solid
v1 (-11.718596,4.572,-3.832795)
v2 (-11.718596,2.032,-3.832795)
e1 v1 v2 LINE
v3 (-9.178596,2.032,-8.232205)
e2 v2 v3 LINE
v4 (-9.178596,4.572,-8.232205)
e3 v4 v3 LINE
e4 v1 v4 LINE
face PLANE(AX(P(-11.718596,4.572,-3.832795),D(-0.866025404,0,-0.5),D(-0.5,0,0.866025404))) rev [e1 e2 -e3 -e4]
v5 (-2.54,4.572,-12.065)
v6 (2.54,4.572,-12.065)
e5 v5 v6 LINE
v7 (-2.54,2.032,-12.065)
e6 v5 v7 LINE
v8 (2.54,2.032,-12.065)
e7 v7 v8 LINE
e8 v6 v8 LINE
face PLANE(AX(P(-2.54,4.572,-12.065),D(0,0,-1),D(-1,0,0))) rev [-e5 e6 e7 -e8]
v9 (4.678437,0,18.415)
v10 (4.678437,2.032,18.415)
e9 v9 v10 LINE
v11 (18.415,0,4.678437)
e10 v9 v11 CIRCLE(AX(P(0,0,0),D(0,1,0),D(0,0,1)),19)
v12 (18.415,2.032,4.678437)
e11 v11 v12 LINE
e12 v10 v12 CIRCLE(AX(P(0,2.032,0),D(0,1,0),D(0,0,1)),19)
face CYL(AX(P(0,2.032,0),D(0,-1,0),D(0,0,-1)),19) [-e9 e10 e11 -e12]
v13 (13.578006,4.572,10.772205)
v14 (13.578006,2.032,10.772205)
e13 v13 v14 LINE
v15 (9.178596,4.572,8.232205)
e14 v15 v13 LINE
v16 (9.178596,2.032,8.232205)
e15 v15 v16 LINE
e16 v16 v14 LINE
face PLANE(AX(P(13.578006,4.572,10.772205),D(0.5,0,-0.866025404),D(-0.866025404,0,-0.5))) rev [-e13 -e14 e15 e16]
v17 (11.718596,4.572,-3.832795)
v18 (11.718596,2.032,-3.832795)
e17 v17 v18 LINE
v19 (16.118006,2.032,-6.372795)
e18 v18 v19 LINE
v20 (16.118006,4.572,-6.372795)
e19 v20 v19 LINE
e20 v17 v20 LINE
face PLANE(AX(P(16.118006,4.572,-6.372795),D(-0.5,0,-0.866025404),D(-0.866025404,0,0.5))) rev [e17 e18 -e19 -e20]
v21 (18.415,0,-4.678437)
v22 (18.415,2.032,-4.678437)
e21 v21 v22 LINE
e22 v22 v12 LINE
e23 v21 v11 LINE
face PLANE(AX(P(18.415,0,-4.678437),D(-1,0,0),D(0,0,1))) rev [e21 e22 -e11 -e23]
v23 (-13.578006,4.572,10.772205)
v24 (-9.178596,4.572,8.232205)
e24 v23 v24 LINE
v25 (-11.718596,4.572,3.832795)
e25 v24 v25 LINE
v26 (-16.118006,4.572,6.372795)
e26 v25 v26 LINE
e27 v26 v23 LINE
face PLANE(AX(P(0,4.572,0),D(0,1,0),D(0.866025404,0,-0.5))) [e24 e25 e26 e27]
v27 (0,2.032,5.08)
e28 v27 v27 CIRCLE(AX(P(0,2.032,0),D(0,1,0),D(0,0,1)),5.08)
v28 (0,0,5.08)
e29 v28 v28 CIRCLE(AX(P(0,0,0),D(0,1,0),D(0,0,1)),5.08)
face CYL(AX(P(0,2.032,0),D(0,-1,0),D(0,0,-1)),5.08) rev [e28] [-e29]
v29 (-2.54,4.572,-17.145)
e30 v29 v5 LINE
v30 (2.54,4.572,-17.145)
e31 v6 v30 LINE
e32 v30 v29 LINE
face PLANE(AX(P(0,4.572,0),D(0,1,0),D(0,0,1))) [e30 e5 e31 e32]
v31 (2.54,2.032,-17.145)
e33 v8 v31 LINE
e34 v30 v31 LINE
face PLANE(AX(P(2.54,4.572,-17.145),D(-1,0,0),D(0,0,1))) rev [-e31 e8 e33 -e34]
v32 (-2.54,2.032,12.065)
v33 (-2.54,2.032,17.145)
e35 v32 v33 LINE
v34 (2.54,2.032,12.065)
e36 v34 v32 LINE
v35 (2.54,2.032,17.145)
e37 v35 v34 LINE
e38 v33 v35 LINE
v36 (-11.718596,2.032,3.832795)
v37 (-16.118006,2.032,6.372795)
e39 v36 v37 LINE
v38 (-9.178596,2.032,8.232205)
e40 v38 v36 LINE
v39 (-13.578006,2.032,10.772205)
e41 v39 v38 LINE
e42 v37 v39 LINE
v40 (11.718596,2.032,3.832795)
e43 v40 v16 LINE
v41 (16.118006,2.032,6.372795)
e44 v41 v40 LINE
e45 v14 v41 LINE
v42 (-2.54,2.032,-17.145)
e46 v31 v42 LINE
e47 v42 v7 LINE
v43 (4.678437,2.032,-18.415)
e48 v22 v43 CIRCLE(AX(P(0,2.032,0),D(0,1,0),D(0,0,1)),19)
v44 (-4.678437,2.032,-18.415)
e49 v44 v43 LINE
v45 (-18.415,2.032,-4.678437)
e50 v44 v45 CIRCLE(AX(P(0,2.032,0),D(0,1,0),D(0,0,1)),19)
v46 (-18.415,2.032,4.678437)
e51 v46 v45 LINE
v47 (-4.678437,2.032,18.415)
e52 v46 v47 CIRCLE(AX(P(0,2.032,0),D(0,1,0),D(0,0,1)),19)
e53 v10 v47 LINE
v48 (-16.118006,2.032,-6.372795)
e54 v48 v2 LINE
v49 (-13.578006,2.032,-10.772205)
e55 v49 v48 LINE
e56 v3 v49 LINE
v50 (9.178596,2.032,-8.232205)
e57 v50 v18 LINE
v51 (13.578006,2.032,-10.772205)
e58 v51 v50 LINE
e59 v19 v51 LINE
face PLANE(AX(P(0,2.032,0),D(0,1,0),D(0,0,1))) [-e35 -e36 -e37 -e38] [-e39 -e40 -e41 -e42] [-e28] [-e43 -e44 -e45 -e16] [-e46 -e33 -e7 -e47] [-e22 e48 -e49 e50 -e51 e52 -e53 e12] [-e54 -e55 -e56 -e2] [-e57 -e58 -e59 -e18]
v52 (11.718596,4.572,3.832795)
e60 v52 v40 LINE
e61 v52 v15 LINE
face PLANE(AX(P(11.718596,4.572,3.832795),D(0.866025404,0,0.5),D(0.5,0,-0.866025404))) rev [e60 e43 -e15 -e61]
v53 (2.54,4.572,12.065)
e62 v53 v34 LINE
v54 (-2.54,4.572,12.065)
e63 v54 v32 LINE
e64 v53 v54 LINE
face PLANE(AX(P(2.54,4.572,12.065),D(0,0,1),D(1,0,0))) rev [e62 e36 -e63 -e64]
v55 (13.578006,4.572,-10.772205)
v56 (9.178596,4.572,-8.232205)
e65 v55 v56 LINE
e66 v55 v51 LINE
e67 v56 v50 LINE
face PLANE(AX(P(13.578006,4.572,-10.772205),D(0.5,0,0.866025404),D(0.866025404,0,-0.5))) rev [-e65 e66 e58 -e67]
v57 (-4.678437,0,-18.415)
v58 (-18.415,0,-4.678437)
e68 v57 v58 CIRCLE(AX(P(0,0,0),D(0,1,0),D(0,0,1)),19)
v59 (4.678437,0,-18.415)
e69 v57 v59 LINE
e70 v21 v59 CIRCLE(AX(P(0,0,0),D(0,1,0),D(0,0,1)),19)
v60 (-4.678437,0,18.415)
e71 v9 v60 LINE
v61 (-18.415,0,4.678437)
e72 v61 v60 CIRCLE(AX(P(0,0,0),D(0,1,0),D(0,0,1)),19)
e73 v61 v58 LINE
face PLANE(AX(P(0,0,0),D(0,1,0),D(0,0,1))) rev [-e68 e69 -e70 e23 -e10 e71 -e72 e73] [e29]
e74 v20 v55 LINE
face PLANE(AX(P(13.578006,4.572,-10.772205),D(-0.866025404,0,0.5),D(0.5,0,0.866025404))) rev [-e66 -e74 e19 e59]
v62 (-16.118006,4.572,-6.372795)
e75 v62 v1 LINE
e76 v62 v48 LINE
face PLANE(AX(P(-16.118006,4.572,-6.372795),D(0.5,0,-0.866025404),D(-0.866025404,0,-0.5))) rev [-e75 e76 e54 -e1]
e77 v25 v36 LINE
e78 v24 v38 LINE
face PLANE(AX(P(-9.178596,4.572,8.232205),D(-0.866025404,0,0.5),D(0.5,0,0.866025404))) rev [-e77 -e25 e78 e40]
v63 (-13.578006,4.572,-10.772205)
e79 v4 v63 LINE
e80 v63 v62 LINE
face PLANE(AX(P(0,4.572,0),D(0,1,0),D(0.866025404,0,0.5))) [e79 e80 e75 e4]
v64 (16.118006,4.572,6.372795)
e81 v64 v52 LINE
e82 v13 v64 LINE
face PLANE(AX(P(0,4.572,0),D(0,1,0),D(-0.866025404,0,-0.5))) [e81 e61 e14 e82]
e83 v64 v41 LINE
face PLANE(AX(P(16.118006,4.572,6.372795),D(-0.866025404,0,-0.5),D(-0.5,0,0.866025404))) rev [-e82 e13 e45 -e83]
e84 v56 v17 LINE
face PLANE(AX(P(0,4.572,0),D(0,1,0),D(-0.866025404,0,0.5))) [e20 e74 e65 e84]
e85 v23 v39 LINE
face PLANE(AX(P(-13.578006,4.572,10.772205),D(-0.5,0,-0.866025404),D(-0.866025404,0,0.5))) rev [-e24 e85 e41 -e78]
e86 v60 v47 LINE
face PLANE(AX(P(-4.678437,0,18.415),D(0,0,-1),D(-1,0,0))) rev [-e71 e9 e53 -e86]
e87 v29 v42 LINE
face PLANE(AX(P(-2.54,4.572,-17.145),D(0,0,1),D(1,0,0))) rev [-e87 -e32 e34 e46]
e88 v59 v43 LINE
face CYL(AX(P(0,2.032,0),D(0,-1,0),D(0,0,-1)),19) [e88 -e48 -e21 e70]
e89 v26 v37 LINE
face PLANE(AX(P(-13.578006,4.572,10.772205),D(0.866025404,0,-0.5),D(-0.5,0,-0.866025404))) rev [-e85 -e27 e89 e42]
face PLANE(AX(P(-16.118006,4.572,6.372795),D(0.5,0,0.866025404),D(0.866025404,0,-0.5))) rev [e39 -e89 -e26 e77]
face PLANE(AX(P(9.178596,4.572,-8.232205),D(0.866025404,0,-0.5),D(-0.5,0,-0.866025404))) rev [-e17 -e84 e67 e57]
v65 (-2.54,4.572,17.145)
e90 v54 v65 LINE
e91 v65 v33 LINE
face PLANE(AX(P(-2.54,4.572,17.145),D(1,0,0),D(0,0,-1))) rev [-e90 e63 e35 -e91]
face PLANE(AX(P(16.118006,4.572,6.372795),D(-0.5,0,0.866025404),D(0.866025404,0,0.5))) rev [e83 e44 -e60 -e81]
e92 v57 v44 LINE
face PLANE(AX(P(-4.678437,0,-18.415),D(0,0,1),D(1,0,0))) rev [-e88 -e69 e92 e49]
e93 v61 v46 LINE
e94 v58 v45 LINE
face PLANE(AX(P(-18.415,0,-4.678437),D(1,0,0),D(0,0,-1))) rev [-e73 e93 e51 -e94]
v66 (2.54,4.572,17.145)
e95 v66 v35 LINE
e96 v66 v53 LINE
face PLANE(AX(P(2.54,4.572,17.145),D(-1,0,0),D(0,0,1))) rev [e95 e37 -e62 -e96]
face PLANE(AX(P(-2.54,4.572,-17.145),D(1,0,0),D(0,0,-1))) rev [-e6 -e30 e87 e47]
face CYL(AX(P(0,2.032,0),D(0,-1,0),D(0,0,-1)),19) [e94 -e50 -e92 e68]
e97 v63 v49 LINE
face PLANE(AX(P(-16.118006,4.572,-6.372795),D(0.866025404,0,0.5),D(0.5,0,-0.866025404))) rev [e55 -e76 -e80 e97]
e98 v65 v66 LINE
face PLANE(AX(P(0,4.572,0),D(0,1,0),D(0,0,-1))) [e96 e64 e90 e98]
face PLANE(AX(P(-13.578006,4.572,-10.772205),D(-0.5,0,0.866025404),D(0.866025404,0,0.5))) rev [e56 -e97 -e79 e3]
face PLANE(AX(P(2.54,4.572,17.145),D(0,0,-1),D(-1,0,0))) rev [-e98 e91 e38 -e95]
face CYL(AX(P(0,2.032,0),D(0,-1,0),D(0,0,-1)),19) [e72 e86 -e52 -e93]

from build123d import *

# Parameters (mm, degrees)
SKETCH1_R           = 19
SKETCH1_R_2         = 5.08
BOSS_EXTRUDE1_DEPTH = 2.032
CUT_EXTRUDE1_DEPTH  = 27.946781329
CIRPATTERN1_COUNT   = 2
CIRPATTERN1_ANGLE   = 90
SKETCH3_W           = 5.08
SKETCH3_H           = 5.08
BOSS_EXTRUDE2_DEPTH = 2.54
CIRPATTERN2_COUNT   = 6


with BuildPart() as part:
    # Sketch1 → Boss-Extrude1 (new body)
    with BuildSketch(Plane(origin=(0, 0, 0), x_dir=(1, 0, 0), z_dir=(0, 1, 0))):
        with Locations(Location((0, 0, 0), (0, 0, 270))):
            Circle(SKETCH1_R)
        with Locations(Location((0, 0, 0), (0, 0, 270))):
            Circle(SKETCH1_R_2, mode=Mode.SUBTRACT)
    extrude(amount=BOSS_EXTRUDE1_DEPTH)

    # Sketch2 → Cut-Extrude1 (cut, through all)
    with BuildSketch(Plane(origin=(0, 2.032, 0), x_dir=(1, 0, 0), z_dir=(0, 1, 0))):
        with BuildLine():
            Line((-4.678437239, 18.415), (4.678437239, 18.415))
            ThreePointArc((4.678437239, 18.415), (0, 19), (-4.678437239, 18.415))
        make_face()
        with BuildLine():
            Line((-4.678437239, -18.415), (4.678437239, -18.415))
            ThreePointArc((4.678437239, -18.415), (0, -19), (-4.678437239, -18.415))
        make_face()
    cut_extrude1 = extrude(amount=-CUT_EXTRUDE1_DEPTH, mode=Mode.SUBTRACT)

    # CirPattern1: Cut-Extrude1 ×2 about axis
    cirpattern1_axis = Axis((0, 2.032, 0), (0, -1, 0))
    for i in range(1, CIRPATTERN1_COUNT):
        add(cut_extrude1.rotate(cirpattern1_axis, i * CIRPATTERN1_ANGLE / (CIRPATTERN1_COUNT - 1)), mode=Mode.SUBTRACT)

    # Sketch3 → Boss-Extrude2 (add)
    with BuildSketch(Plane(origin=(0, 2.032, 0), x_dir=(1, 0, 0), z_dir=(0, 1, 0))):
        with Locations((0, 14.605)):
            Rectangle(SKETCH3_W, SKETCH3_H)
    boss_extrude2 = extrude(amount=BOSS_EXTRUDE2_DEPTH)

    # CirPattern2: Boss-Extrude2 ×6 about axis
    cirpattern2_axis = Axis((0, 0, 0), (0, 1, 0))
    for i in range(1, CIRPATTERN2_COUNT):
        add(boss_extrude2.rotate(cirpattern2_axis, i * 360 / CIRPATTERN2_COUNT))


solid = part.part
